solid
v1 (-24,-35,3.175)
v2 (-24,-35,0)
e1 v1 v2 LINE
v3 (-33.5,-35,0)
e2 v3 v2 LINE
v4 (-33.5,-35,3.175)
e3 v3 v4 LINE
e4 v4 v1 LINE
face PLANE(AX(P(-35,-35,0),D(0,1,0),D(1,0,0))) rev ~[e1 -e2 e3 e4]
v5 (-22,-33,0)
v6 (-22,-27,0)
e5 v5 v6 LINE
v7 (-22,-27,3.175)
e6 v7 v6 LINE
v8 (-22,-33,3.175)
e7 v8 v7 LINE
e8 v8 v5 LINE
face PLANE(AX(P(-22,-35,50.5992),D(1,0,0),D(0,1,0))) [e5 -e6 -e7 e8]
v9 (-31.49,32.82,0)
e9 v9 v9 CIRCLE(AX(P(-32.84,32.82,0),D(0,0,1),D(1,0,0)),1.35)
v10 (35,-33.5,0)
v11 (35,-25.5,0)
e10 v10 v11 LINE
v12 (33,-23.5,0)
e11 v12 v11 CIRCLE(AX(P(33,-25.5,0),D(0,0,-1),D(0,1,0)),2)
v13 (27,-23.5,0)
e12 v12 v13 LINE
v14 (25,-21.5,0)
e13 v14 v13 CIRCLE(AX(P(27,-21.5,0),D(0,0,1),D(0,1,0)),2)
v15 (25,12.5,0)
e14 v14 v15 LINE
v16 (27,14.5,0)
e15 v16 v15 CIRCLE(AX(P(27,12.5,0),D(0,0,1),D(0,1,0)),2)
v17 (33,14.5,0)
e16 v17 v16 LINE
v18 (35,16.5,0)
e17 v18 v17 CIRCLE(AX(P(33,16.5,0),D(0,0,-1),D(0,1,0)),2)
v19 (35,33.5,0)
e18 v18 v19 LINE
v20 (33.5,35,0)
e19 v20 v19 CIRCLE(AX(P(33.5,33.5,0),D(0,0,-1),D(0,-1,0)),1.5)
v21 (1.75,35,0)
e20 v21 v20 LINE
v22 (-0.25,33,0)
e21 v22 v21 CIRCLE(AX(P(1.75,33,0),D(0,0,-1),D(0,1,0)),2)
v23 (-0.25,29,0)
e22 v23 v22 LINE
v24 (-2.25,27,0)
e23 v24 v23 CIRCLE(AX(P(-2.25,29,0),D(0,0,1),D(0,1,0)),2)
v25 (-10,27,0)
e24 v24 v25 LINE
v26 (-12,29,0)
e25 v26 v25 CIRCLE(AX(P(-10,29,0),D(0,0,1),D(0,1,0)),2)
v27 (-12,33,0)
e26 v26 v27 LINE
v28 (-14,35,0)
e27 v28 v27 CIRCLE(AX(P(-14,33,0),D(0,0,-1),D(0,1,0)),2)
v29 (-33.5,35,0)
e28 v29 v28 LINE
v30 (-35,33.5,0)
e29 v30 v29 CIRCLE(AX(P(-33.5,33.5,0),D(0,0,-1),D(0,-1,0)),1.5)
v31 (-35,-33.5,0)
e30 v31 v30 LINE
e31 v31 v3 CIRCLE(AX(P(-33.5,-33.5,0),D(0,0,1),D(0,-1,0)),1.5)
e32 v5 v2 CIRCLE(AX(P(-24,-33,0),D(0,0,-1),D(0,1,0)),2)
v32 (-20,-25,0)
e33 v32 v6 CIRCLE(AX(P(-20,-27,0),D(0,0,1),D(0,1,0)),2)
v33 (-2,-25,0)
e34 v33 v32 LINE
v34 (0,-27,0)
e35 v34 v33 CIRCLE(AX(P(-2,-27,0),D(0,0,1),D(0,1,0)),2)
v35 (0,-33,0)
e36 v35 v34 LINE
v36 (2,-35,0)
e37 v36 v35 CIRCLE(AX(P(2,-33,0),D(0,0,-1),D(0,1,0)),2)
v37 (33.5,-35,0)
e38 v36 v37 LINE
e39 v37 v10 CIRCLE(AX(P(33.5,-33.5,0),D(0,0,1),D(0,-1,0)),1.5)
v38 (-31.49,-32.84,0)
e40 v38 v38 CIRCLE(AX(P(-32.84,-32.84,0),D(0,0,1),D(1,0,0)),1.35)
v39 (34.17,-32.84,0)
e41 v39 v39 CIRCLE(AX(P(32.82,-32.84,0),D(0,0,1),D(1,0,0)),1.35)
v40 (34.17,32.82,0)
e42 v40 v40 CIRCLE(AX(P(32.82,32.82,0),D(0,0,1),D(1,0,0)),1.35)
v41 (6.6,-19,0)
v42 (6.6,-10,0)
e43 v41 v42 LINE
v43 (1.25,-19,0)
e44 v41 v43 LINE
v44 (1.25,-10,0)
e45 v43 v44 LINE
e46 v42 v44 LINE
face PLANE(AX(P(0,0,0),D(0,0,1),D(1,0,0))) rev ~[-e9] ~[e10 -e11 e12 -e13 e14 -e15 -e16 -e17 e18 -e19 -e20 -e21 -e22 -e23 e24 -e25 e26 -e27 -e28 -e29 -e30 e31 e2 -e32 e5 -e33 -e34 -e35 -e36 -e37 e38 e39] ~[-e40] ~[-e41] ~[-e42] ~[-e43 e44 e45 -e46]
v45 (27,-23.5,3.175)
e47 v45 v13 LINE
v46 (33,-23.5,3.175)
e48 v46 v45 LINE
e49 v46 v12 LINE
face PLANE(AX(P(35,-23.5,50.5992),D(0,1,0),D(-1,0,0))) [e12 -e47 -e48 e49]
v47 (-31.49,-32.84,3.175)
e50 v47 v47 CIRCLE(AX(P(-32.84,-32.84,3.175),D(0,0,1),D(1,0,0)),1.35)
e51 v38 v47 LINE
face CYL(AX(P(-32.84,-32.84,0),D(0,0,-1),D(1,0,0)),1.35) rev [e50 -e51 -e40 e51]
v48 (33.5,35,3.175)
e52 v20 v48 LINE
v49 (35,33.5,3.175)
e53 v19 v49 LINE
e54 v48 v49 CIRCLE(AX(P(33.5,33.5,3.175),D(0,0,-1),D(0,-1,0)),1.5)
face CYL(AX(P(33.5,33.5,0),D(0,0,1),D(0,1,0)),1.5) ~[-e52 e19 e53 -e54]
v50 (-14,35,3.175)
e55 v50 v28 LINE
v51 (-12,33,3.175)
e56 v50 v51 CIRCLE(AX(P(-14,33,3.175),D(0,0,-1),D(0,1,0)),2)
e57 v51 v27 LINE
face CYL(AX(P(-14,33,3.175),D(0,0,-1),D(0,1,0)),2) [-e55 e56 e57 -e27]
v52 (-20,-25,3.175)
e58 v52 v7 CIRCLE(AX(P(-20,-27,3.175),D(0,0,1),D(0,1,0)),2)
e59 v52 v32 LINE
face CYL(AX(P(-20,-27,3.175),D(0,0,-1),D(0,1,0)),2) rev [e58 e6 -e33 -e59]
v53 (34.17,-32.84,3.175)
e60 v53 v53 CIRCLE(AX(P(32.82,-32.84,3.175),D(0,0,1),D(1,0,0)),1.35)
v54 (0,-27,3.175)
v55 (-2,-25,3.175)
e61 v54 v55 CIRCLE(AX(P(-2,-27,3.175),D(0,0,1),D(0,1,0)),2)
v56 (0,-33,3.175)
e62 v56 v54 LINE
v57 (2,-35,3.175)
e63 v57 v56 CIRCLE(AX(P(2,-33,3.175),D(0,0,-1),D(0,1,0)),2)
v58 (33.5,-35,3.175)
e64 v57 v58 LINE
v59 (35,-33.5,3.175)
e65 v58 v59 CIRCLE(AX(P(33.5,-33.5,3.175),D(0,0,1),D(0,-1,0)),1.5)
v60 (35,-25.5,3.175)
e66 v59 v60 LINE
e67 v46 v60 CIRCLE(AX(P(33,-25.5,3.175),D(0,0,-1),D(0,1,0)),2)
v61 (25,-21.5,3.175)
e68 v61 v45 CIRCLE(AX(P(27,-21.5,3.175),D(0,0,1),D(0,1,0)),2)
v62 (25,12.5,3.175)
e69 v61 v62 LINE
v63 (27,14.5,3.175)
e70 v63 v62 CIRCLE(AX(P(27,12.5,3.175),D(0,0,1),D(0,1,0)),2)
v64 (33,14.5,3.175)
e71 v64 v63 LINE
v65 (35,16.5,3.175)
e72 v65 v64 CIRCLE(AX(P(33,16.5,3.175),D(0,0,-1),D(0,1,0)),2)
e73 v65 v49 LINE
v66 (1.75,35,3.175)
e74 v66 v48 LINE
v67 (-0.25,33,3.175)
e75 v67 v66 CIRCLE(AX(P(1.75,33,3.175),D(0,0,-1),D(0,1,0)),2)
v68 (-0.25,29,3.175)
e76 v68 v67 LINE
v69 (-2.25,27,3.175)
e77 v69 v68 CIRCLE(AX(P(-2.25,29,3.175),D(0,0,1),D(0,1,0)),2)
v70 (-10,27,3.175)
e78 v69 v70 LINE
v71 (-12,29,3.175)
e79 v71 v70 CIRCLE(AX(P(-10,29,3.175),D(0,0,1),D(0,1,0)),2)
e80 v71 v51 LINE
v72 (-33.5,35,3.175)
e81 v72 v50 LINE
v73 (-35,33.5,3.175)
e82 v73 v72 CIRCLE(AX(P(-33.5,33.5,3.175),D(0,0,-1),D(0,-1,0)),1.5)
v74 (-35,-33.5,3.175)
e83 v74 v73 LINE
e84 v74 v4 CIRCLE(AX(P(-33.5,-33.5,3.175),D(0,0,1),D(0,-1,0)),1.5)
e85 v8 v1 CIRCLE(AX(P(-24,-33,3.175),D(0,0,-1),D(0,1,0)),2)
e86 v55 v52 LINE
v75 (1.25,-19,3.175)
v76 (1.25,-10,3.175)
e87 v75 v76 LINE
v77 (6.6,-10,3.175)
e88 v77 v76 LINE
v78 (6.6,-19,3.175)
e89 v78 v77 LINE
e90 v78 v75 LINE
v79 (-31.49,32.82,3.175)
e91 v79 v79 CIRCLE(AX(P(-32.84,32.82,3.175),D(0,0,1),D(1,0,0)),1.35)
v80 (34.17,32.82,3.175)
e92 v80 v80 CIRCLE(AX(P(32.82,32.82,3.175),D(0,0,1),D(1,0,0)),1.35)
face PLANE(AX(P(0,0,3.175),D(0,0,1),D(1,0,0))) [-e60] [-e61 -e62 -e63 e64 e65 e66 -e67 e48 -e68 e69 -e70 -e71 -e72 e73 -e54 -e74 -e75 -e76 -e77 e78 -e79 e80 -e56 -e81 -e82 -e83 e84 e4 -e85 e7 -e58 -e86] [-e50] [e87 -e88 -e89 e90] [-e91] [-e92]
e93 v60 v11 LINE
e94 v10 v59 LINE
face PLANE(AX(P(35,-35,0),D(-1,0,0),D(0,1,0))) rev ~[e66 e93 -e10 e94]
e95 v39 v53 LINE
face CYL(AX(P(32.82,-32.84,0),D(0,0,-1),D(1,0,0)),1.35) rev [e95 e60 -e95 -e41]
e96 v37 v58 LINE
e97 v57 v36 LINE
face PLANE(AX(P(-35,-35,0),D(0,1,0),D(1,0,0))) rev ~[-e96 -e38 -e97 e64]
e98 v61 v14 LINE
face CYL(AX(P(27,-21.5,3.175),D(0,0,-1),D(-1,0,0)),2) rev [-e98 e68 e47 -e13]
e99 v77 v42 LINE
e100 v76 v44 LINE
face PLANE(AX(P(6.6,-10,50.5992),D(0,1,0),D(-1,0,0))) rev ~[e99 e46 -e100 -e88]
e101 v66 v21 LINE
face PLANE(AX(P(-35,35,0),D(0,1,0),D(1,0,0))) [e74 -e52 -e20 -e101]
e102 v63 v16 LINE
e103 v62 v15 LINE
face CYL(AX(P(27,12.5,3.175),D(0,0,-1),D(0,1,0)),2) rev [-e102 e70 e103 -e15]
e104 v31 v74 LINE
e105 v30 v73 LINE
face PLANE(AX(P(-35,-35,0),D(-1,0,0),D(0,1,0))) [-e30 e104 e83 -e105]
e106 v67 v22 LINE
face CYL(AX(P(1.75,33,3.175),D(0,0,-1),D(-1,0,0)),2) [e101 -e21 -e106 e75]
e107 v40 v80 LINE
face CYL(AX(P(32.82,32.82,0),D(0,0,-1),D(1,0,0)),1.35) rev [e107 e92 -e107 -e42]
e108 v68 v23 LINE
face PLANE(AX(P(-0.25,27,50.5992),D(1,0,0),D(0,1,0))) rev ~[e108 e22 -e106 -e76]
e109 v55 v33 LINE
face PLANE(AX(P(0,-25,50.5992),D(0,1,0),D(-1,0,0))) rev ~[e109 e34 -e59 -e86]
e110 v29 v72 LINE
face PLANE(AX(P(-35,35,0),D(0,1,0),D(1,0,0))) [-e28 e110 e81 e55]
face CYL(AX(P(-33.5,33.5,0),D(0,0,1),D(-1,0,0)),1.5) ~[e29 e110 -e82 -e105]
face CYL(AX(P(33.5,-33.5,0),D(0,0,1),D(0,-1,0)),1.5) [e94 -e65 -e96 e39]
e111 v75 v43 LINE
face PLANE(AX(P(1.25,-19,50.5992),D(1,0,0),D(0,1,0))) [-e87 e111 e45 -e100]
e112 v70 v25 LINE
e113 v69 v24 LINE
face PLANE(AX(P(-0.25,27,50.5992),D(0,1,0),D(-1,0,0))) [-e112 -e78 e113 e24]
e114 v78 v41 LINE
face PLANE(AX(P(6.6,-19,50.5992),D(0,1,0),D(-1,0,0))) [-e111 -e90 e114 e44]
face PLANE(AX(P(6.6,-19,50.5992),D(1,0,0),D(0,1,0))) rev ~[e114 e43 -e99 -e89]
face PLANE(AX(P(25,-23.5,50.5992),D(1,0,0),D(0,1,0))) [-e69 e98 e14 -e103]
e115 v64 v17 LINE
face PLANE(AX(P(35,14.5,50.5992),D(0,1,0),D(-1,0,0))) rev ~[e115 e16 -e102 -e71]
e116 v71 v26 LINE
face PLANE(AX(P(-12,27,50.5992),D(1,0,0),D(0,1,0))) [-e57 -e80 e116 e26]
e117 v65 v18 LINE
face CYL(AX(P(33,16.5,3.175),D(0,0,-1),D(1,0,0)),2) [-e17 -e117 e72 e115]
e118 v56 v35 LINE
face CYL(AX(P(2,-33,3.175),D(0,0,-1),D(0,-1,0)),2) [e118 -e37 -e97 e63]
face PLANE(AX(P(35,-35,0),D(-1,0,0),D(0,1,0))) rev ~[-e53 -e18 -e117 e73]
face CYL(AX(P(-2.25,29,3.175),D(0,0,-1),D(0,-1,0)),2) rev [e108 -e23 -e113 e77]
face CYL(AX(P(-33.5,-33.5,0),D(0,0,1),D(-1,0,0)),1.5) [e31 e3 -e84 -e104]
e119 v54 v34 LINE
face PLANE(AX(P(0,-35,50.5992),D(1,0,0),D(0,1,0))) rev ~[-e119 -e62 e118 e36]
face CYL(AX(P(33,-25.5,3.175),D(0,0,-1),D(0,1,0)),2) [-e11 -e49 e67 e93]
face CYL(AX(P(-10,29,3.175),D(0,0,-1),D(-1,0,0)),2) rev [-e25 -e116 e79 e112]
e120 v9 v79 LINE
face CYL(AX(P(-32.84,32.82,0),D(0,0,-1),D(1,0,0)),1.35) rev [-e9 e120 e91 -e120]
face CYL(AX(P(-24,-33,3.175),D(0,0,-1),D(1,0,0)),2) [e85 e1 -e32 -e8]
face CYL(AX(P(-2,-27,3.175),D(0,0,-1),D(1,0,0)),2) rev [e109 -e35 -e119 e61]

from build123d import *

# Parameters (mm, degrees)
SKETCH1_W               = 70
SKETCH1_H               = 70
SKETCH1_R               = 1.35
BOSS_EXTRUDE1_DEPTH     = 3.175
FILLET1_R               = 1.5
CUT_EXTRUDE1_DEPTH      = 50.599199842
CUT_EXTRUDE1_DEPTH_BACK = 50.599199842
SKETCH2_W               = 10
SKETCH2_H               = 38
FILLET2_R               = 2
CUT_EXTRUDE2_DEPTH      = 50.599199842
CUT_EXTRUDE2_DEPTH_BACK = 50.599199842
SKETCH3_W               = 22
SKETCH3_H               = 10
SKETCH3_W_2             = 11.75
SKETCH3_H_2             = 8
SKETCH3_W_3             = 5.35
SKETCH3_H_3             = 9
FILLET3_R               = 2


with BuildPart() as part:
    # Sketch1 → Boss-Extrude1 (new body)
    with BuildSketch(Plane.XY):
        Rectangle(SKETCH1_W, SKETCH1_H)
        with Locations((-32.84, 32.82)):
            Circle(SKETCH1_R, mode=Mode.SUBTRACT)
        with Locations((-32.84, -32.84)):
            Circle(SKETCH1_R, mode=Mode.SUBTRACT)
        with Locations((32.82, -32.84)):
            Circle(SKETCH1_R, mode=Mode.SUBTRACT)
        with Locations((32.82, 32.82)):
            Circle(SKETCH1_R, mode=Mode.SUBTRACT)
    extrude(amount=BOSS_EXTRUDE1_DEPTH)

    # Fillet1
    fillet1_edges = [part.edges().sort_by_distance(p)[0] for p in [
        (35, -35, 1.5875),
        (-35, -35, 1.5875),
        (-35, 35, 1.5875),
        (35, 35, 1.5875),
    ]]
    fillet(fillet1_edges, radius=FILLET1_R)

    # Sketch2 → Cut-Extrude1 (cut, two sides: drawn at the far end of the back side and taken through both)
    with BuildSketch(Plane(origin=(0, 0, 0), x_dir=(-1, 0, 0), z_dir=(0, 0, -1)).offset(-CUT_EXTRUDE1_DEPTH_BACK)):
        with Locations((-30, -4.5)):
            Rectangle(SKETCH2_W, SKETCH2_H)
    extrude(amount=CUT_EXTRUDE1_DEPTH + CUT_EXTRUDE1_DEPTH_BACK, mode=Mode.SUBTRACT)

    # Fillet2
    fillet2_edges = [part.edges().sort_by_distance(p)[0] for p in [
        (35, -23.5, 1.5875),
        (25, 14.5, 1.5875),
        (35, 14.5, 1.5875),
        (25, -23.5, 1.5875),
    ]]
    fillet(fillet2_edges, radius=FILLET2_R)

    # Sketch3 → Cut-Extrude2 (cut, two sides: drawn at the far end of the back side and taken through both)
    with BuildSketch(Plane(origin=(0, 0, 0), x_dir=(-1, 0, 0), z_dir=(0, 0, -1)).offset(-CUT_EXTRUDE2_DEPTH_BACK)):
        with Locations((11, -30)):
            Rectangle(SKETCH3_W, SKETCH3_H)
        with Locations((6.125, 31)):
            Rectangle(SKETCH3_W_2, SKETCH3_H_2)
        with Locations((-3.925, -14.5)):
            Rectangle(SKETCH3_W_3, SKETCH3_H_3)
    extrude(amount=CUT_EXTRUDE2_DEPTH + CUT_EXTRUDE2_DEPTH_BACK, mode=Mode.SUBTRACT)

    # Fillet3
    fillet3_edges = [part.edges().sort_by_distance(p)[0] for p in [
        (-22, -35, 1.5875),
        (0, -25, 1.5875),
        (-22, -25, 1.5875),
        (0, -35, 1.5875),
        (-12, 27, 1.5875),
        (-0.25, 35, 1.5875),
        (-12, 35, 1.5875),
        (-0.25, 27, 1.5875),
    ]]
    fillet(fillet3_edges, radius=FILLET3_R)


solid = part.part
